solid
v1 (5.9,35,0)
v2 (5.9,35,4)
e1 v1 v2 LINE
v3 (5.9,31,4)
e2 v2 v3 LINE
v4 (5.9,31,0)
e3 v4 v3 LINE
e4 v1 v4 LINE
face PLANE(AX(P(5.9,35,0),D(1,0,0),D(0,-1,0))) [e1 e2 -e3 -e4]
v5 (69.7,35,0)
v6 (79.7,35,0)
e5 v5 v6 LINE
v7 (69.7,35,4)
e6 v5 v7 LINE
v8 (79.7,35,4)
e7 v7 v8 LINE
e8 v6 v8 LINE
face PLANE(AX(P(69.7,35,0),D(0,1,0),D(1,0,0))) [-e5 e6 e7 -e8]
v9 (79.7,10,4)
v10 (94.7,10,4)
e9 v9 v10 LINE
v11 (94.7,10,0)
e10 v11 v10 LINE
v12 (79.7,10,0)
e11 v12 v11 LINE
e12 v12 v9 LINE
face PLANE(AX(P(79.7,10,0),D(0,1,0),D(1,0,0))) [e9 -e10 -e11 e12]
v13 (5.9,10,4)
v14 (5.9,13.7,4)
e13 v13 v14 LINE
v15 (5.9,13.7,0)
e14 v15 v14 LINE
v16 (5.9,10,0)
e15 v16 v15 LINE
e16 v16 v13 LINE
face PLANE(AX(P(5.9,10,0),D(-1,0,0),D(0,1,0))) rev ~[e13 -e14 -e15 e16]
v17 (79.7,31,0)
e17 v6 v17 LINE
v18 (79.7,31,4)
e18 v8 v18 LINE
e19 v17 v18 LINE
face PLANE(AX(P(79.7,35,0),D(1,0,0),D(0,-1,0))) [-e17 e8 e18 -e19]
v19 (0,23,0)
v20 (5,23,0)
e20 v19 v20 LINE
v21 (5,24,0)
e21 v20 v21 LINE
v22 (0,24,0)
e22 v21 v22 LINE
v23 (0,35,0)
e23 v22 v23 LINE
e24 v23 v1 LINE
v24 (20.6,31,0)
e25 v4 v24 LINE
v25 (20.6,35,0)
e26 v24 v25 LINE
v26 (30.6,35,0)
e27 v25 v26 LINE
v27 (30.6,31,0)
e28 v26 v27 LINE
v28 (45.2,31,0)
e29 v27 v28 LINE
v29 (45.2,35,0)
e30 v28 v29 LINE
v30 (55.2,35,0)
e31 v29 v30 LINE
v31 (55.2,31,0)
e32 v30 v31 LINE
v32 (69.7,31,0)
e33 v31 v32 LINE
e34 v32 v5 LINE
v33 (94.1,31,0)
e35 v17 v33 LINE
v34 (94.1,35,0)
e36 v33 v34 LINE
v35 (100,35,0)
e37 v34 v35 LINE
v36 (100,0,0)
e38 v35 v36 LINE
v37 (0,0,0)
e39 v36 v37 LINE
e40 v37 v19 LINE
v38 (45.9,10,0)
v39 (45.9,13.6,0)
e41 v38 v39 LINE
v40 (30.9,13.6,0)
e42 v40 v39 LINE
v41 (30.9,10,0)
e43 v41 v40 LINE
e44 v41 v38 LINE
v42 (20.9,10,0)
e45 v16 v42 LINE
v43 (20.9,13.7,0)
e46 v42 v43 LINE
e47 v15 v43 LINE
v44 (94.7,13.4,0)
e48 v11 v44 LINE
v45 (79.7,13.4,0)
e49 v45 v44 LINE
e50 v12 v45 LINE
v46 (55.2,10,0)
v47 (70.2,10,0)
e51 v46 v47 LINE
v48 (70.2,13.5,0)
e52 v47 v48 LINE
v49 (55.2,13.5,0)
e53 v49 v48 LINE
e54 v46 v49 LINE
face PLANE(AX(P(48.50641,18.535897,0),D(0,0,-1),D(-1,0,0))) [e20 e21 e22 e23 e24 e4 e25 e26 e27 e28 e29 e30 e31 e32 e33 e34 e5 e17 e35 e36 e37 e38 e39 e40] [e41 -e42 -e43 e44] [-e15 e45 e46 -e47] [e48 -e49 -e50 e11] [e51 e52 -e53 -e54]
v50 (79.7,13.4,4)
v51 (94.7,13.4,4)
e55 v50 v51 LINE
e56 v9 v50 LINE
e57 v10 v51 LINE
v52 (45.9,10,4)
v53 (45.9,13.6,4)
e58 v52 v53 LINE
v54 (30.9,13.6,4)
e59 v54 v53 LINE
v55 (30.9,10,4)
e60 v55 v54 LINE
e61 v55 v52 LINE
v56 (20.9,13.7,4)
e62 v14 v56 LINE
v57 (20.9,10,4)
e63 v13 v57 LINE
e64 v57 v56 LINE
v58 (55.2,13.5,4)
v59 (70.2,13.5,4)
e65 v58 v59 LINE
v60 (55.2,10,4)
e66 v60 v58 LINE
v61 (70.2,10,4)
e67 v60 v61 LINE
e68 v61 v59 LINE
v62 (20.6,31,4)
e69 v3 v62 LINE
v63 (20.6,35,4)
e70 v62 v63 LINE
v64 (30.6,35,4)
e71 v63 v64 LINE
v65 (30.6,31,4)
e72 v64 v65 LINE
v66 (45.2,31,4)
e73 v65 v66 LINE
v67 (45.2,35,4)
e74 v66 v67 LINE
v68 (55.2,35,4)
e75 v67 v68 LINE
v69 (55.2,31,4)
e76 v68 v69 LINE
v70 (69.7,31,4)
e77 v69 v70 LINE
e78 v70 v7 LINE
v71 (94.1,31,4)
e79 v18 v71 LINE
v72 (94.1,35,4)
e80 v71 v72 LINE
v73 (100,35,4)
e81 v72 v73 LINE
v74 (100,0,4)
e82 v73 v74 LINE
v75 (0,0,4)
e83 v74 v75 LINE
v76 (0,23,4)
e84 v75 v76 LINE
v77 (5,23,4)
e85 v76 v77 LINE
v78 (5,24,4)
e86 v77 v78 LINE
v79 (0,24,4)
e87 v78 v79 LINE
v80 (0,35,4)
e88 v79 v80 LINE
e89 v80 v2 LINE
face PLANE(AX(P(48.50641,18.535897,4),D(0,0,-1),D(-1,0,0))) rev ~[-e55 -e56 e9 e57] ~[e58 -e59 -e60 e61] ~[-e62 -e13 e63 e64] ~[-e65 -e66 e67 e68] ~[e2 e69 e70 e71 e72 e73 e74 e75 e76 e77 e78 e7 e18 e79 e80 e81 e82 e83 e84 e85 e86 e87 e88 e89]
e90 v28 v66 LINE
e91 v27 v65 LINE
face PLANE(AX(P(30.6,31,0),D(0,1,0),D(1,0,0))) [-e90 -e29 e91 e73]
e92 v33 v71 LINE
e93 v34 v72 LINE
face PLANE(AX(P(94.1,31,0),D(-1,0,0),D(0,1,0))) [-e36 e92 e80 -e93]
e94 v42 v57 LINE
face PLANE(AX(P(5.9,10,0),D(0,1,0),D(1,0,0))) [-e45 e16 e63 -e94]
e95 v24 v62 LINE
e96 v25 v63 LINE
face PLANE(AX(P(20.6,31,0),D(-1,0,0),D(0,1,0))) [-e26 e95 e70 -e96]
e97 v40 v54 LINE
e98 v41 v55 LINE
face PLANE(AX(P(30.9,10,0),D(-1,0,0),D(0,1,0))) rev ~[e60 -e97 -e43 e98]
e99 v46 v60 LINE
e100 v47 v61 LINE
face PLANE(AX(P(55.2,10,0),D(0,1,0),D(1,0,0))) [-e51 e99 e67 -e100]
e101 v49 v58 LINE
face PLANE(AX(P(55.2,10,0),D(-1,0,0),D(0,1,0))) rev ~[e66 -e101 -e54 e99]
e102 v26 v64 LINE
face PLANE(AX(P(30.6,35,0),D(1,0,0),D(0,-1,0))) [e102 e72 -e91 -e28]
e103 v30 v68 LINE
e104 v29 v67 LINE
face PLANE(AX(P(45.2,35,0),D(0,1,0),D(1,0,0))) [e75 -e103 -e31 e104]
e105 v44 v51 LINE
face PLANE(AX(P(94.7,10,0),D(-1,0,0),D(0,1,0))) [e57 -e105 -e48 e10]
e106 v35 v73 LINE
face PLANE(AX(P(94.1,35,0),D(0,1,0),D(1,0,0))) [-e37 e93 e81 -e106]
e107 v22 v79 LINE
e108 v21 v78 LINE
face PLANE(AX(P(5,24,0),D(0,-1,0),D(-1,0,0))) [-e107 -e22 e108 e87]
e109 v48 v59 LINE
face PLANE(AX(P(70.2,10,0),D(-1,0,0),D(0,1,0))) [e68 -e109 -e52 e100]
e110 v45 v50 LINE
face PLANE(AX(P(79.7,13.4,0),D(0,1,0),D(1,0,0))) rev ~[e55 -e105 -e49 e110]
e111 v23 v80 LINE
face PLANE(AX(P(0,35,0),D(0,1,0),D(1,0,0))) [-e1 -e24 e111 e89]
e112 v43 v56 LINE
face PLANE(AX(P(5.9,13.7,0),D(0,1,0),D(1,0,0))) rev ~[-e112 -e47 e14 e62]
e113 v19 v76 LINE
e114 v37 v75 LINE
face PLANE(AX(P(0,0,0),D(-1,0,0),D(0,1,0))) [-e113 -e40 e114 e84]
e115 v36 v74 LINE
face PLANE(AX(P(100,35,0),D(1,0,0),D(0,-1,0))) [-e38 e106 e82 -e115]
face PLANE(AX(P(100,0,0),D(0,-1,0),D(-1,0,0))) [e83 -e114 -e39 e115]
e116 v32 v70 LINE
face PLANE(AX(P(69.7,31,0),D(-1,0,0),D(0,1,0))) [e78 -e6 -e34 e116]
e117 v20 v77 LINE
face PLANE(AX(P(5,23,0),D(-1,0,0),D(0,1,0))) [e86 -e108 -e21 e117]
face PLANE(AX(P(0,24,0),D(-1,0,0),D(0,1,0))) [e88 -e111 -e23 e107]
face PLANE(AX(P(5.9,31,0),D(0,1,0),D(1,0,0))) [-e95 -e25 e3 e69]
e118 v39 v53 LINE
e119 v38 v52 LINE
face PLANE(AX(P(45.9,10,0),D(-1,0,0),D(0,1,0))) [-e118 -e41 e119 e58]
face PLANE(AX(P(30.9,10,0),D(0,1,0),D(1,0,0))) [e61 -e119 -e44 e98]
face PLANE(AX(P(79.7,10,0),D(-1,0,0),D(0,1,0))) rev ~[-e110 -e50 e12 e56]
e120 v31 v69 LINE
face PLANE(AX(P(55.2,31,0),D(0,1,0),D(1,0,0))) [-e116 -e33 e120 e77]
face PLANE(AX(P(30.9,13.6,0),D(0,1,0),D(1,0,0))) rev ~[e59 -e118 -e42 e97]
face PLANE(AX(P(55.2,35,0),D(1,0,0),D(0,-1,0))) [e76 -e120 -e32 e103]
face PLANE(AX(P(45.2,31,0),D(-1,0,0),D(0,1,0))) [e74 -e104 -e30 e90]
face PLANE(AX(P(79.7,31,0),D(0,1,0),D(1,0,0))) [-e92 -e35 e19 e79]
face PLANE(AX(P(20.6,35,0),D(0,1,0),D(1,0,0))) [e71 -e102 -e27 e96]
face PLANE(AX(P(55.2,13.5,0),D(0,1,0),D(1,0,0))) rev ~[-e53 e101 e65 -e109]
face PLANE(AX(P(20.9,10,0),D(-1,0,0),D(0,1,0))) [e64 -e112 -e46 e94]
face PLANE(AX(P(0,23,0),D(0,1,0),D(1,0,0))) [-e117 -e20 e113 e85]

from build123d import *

# Parameters (mm, degrees)
SKIZZE1_W                       = 15
SKIZZE1_H                       = 3.7
SKIZZE1_H_2                     = 3.6
SKIZZE1_H_3                     = 3.5
SKIZZE1_H_4                     = 3.4
AUFSATZ_LINEAR_AUSTRAGEN1_DEPTH = 4


with BuildPart() as part:
    # Skizze1 → Aufsatz-Linear austragen1 (new body)
    with BuildSketch(Plane.XY):
        Polygon((5.9, 35), (5.9, 31), (20.6, 31), (20.6, 35), (30.6, 35), (30.6, 31), (45.2, 31), (45.2, 35), (55.2, 35), (55.2, 31), (69.7, 31), (69.7, 35), (79.7, 35), (79.7, 31), (94.1, 31), (94.1, 35), (100, 35), (100, 0), (0, 0), (0, 23), (5, 23), (5, 24), (0, 24), (0, 35), align=None)
        with Locations((13.4, 11.85)):
            Rectangle(SKIZZE1_W, SKIZZE1_H, mode=Mode.SUBTRACT)
        with Locations((38.4, 11.8)):
            Rectangle(SKIZZE1_W, SKIZZE1_H_2, mode=Mode.SUBTRACT)
        with Locations((62.7, 11.75)):
            Rectangle(SKIZZE1_W, SKIZZE1_H_3, mode=Mode.SUBTRACT)
        with Locations((87.2, 11.7)):
            Rectangle(SKIZZE1_W, SKIZZE1_H_4, mode=Mode.SUBTRACT)
    extrude(amount=AUFSATZ_LINEAR_AUSTRAGEN1_DEPTH)


solid = part.part
